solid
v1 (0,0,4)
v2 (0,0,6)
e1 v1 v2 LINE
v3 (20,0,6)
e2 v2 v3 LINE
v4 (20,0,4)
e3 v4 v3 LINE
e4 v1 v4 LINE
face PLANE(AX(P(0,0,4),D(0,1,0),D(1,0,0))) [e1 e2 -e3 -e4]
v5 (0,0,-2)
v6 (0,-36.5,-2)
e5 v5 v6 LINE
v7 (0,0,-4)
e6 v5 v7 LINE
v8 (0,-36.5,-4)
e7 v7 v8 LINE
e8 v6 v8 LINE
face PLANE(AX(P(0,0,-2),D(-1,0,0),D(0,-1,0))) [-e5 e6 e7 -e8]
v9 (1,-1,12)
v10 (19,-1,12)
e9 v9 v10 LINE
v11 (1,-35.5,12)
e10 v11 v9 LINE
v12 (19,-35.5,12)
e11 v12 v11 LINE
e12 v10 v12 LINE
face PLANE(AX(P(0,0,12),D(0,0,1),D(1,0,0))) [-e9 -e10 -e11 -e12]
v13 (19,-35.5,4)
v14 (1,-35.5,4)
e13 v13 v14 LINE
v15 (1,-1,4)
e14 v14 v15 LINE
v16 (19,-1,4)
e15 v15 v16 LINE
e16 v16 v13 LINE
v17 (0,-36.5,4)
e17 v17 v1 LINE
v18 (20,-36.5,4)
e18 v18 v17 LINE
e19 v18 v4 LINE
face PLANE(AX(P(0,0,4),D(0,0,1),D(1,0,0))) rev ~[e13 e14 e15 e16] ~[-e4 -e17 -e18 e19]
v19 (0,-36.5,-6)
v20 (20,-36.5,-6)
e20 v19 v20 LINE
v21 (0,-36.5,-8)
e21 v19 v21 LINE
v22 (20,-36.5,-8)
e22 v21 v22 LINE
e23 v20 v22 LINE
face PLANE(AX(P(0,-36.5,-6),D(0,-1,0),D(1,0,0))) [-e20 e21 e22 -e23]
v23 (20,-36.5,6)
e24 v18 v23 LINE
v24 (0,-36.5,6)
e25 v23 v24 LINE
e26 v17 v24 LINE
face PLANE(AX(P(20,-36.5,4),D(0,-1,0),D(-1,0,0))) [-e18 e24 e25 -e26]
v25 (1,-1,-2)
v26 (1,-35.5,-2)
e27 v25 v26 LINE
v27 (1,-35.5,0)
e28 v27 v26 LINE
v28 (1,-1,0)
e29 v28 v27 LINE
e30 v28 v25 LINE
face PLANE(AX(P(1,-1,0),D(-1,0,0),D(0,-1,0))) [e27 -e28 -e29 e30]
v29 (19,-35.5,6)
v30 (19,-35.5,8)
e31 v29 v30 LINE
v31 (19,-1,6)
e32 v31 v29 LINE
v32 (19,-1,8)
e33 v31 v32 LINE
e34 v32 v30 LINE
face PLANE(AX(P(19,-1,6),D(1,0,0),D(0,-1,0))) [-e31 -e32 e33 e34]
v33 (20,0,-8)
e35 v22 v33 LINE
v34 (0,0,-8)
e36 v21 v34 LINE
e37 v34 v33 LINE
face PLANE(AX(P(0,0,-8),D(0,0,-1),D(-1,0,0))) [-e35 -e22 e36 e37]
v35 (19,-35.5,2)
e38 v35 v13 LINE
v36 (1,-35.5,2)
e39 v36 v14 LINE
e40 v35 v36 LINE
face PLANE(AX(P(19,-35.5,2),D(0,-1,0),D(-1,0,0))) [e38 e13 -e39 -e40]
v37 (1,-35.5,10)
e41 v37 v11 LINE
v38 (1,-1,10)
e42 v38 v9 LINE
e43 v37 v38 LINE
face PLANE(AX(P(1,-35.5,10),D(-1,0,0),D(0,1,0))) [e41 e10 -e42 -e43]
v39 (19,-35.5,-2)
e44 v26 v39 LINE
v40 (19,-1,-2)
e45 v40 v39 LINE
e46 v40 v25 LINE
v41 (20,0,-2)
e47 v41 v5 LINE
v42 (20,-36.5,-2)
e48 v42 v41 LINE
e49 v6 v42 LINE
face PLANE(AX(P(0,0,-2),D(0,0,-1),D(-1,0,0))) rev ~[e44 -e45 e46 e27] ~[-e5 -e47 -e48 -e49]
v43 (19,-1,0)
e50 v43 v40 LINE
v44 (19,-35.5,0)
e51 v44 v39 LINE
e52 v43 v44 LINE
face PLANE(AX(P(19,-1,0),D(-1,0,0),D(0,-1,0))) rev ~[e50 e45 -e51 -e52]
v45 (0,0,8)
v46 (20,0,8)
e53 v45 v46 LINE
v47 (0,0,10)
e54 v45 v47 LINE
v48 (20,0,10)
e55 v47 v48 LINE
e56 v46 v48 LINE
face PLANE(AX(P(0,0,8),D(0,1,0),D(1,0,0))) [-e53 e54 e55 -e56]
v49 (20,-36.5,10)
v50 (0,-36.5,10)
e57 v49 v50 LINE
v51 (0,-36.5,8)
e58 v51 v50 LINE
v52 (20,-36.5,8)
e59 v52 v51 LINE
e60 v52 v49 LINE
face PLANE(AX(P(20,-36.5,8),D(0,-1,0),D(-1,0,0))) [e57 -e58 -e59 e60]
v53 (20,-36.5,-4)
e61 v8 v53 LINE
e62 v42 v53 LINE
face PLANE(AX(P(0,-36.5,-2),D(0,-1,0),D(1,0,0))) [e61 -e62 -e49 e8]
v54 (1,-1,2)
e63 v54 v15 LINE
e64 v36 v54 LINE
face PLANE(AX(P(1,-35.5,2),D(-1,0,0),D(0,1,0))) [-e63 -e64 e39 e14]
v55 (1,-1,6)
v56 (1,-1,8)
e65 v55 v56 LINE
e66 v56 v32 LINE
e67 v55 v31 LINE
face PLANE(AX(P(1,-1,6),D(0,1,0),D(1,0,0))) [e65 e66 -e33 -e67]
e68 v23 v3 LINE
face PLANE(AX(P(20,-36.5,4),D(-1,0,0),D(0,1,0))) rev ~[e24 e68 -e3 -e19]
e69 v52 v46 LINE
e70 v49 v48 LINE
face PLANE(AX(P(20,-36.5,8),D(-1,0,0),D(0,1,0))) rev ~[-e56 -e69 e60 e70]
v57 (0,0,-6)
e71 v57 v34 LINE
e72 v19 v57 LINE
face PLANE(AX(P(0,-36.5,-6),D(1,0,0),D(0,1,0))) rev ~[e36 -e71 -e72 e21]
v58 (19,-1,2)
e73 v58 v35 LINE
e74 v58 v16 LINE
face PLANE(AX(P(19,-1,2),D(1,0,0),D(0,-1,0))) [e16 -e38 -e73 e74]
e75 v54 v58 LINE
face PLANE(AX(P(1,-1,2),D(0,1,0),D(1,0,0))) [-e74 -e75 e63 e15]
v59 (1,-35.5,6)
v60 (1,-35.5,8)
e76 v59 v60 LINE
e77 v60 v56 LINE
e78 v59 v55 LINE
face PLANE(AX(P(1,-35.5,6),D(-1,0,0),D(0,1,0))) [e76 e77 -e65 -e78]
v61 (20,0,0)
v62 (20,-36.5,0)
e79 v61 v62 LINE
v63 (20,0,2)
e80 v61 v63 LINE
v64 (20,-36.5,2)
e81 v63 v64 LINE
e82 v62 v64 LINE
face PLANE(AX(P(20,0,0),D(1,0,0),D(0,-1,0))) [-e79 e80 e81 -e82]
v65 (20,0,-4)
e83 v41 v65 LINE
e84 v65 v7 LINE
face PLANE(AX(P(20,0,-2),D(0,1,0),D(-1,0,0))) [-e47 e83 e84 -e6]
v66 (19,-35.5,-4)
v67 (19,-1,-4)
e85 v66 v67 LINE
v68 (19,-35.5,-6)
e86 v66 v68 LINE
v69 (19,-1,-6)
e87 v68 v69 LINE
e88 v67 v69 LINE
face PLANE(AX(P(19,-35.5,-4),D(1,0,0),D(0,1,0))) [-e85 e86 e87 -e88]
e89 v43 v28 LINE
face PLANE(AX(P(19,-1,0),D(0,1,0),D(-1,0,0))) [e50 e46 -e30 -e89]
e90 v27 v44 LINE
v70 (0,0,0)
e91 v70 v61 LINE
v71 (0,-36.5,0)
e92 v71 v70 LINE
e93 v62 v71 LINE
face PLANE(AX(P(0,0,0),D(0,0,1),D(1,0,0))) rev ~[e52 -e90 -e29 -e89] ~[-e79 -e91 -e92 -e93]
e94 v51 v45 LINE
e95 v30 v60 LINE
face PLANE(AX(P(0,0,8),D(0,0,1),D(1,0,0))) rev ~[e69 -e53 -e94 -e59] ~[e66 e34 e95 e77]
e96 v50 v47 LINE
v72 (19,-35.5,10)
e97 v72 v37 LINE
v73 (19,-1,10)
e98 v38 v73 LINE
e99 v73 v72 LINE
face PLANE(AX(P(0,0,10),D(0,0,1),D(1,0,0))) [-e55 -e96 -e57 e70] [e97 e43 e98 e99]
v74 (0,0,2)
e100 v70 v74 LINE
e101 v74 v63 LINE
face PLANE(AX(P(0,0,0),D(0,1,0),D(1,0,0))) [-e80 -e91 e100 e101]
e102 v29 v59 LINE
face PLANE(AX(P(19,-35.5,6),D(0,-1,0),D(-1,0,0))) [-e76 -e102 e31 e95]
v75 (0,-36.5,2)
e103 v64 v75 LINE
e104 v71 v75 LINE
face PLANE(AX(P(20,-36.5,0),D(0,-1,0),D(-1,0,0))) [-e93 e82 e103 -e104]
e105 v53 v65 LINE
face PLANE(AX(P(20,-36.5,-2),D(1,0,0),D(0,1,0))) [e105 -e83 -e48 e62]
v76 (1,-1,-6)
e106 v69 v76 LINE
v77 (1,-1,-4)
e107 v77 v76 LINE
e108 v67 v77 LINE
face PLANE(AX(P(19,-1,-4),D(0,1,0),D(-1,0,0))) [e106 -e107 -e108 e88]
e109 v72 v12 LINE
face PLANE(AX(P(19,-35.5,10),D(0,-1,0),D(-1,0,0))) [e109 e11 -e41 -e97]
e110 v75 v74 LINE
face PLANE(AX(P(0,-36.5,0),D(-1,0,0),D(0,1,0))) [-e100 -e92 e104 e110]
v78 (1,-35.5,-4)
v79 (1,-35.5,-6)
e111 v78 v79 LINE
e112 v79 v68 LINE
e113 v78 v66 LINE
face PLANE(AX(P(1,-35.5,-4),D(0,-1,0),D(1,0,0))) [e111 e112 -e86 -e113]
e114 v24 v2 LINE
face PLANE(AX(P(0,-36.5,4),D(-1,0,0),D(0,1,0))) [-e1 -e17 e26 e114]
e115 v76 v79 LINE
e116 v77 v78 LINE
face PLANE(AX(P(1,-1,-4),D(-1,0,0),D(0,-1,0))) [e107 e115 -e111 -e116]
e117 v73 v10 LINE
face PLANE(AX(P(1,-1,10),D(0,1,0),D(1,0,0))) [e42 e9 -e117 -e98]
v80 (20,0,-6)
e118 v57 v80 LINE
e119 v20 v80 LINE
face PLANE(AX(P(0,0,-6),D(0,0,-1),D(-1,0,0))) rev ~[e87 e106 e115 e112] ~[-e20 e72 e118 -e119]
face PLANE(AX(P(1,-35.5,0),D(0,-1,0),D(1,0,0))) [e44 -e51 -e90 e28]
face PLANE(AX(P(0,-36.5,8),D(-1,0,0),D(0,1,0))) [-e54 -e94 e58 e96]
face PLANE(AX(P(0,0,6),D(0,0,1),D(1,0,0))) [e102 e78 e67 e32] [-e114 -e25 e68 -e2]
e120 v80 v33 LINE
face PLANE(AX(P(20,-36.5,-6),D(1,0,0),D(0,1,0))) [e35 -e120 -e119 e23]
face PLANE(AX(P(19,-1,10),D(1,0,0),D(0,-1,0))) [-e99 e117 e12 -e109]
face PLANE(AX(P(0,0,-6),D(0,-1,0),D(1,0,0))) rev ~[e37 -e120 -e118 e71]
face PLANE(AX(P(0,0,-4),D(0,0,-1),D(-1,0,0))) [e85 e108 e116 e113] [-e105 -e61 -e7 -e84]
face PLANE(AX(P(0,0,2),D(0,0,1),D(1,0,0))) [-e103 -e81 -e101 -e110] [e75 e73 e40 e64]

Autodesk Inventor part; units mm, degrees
ref_plane "YZ Plane" through (0, 0, 0) normal (1, 0, 0) x (0, 1, 0)
ref_plane "XZ Plane" through (0, 0, 0) normal (0, 1, 0) x (-1, 0, 0)
ref_plane "XY Plane" through (0, 0, 0) normal (0, 0, 1) x (1, 0, 0)
sketch "草圖1" plane through (0, 0, 0) normal (0, 0, 1) x (1, 0, 0)
  line L0 (0, 0) -> (20, 0)
  line L1 (20, 0) -> (20, -36.5)
  line L2 (20, -36.5) -> (0, -36.5)
  line L3 (0, -36.5) -> (0, 0)
  dimension "d0" = 20
  dimension "d1" = 36.5
extrude "擠出1" add sketch "草圖1" along normal blind 2
sketch "草圖2" plane through (0, 0, 2) normal (0, 0, 1) x (1, 0, 0)
  line L0 (1, -1) -> (19, -1)
  line L1 (19, -1) -> (19, -35.5)
  line L2 (19, -35.5) -> (1, -35.5)
  line L3 (1, -35.5) -> (1, -1)
  line L4 (20, 0) -> (0, 0) projected
  line L5 (20, -36.5) -> (20, 0) projected
  line L6 (0, -36.5) -> (20, -36.5) projected
  line L7 (0, 0) -> (0, -36.5) projected
  dimension "d4" = 1
  dimension "d5" = 1
  dimension "d6" = 1
  dimension "d7" = 1
extrude "擠出2" add sketch "草圖2" along normal blind 2 contours L0 L1 L2 L3
sketch "草圖3" plane through (0, 0, 4) normal (0, 0, 1) x (1, 0, 0)
  line L0 (20, -36.5) -> (20, 0) projected
  line L1 (0, 0) -> (20, 0)
  line L2 (20, 0) -> (20, -36.5)
  line L3 (20, -36.5) -> (0, -36.5)
  line L4 (0, -36.5) -> (0, 0)
extrude "擠出3" add sketch "草圖3" along normal blind 2
sketch "草圖4" plane through (0, 0, 6) normal (0, 0, 1) x (1, 0, 0)
  line L0 (1, -35.5) -> (1, -1) projected
  line L1 (19, -1) -> (19, -35.5) projected
  line L2 (1, -1) -> (19, -1)
  line L3 (19, -1) -> (19, -35.5)
  line L4 (19, -35.5) -> (1, -35.5)
  line L5 (1, -35.5) -> (1, -1)
  point P0 (0, 0)
extrude "擠出4" add sketch "草圖4" along normal blind 2
sketch "草圖5" plane through (0, 0, 8) normal (0, 0, 1) x (1, 0, 0)
  line L0 (20, -36.5) -> (20, 0) projected
  line L1 (0, 0) -> (20, 0)
  line L2 (20, 0) -> (20, -36.5)
  line L3 (20, -36.5) -> (0, -36.5)
  line L4 (0, -36.5) -> (0, 0)
extrude "擠出5" add sketch "草圖5" along normal blind 2
sketch "草圖6" plane through (0, 0, 10) normal (0, 0, 1) x (1, 0, 0)
  line L0 (1, -1) -> (19, -1) projected
  line L1 (19, -35.5) -> (1, -35.5) projected
  line L2 (1, -1) -> (19, -1)
  line L3 (19, -1) -> (19, -35.5)
  line L4 (19, -35.5) -> (1, -35.5)
  line L5 (1, -35.5) -> (1, -1)
  point P0 (0, 0)
extrude "擠出6" add sketch "草圖6" along normal blind 2
sketch "草圖7" plane through (0, 0, 0) normal (0, 0, -1) x (-1, 0, 0)
  line L0 (-19, -1) -> (-19, -35.5) projected
  line L1 (-1, -1) -> (-1, -35.5) projected
  line L2 (-19, -1) -> (-1, -1)
  line L3 (-1, -1) -> (-1, -35.5)
  line L4 (-1, -35.5) -> (-19, -35.5)
  line L5 (-19, -35.5) -> (-19, -1)
  point P0 (0, 0)
extrude "擠出7" add sketch "草圖7" along normal blind 2
sketch "草圖8" plane through (0, 0, -2) normal (0, 0, -1) x (-1, 0, 0)
  line L0 (0, 0) -> (0, -36.5) projected
  line L1 (-20, 0) -> (0, 0)
  line L2 (0, 0) -> (0, -36.5)
  line L3 (0, -36.5) -> (-20, -36.5)
  line L4 (-20, -36.5) -> (-20, 0)
extrude "擠出8" add sketch "草圖8" along normal blind 2
sketch "草圖9" plane through (0, 0, -4) normal (0, 0, -1) x (-1, 0, 0)
  line L0 (-1, -1) -> (-1, -35.5) projected
  line L1 (-19, -1) -> (-1, -1)
  line L2 (-1, -1) -> (-1, -35.5)
  line L3 (-1, -35.5) -> (-19, -35.5)
  line L4 (-19, -35.5) -> (-19, -1)
  point P0 (0, 0)
extrude "擠出9" add sketch "草圖9" along normal blind 2
sketch "草圖10" plane through (0, 0, -6) normal (0, 0, -1) x (-1, 0, 0)
  line L0 (0, 0) -> (-20, 0) projected
  line L1 (0, -36.5) -> (0, 0) projected
  line L2 (-20, 0) -> (0, 0)
  line L3 (0, 0) -> (0, -36.5)
  line L4 (0, -36.5) -> (-20, -36.5)
  line L5 (-20, -36.5) -> (-20, 0)
extrude "擠出10" add sketch "草圖10" along normal blind 2
properties part number "連接件1"
